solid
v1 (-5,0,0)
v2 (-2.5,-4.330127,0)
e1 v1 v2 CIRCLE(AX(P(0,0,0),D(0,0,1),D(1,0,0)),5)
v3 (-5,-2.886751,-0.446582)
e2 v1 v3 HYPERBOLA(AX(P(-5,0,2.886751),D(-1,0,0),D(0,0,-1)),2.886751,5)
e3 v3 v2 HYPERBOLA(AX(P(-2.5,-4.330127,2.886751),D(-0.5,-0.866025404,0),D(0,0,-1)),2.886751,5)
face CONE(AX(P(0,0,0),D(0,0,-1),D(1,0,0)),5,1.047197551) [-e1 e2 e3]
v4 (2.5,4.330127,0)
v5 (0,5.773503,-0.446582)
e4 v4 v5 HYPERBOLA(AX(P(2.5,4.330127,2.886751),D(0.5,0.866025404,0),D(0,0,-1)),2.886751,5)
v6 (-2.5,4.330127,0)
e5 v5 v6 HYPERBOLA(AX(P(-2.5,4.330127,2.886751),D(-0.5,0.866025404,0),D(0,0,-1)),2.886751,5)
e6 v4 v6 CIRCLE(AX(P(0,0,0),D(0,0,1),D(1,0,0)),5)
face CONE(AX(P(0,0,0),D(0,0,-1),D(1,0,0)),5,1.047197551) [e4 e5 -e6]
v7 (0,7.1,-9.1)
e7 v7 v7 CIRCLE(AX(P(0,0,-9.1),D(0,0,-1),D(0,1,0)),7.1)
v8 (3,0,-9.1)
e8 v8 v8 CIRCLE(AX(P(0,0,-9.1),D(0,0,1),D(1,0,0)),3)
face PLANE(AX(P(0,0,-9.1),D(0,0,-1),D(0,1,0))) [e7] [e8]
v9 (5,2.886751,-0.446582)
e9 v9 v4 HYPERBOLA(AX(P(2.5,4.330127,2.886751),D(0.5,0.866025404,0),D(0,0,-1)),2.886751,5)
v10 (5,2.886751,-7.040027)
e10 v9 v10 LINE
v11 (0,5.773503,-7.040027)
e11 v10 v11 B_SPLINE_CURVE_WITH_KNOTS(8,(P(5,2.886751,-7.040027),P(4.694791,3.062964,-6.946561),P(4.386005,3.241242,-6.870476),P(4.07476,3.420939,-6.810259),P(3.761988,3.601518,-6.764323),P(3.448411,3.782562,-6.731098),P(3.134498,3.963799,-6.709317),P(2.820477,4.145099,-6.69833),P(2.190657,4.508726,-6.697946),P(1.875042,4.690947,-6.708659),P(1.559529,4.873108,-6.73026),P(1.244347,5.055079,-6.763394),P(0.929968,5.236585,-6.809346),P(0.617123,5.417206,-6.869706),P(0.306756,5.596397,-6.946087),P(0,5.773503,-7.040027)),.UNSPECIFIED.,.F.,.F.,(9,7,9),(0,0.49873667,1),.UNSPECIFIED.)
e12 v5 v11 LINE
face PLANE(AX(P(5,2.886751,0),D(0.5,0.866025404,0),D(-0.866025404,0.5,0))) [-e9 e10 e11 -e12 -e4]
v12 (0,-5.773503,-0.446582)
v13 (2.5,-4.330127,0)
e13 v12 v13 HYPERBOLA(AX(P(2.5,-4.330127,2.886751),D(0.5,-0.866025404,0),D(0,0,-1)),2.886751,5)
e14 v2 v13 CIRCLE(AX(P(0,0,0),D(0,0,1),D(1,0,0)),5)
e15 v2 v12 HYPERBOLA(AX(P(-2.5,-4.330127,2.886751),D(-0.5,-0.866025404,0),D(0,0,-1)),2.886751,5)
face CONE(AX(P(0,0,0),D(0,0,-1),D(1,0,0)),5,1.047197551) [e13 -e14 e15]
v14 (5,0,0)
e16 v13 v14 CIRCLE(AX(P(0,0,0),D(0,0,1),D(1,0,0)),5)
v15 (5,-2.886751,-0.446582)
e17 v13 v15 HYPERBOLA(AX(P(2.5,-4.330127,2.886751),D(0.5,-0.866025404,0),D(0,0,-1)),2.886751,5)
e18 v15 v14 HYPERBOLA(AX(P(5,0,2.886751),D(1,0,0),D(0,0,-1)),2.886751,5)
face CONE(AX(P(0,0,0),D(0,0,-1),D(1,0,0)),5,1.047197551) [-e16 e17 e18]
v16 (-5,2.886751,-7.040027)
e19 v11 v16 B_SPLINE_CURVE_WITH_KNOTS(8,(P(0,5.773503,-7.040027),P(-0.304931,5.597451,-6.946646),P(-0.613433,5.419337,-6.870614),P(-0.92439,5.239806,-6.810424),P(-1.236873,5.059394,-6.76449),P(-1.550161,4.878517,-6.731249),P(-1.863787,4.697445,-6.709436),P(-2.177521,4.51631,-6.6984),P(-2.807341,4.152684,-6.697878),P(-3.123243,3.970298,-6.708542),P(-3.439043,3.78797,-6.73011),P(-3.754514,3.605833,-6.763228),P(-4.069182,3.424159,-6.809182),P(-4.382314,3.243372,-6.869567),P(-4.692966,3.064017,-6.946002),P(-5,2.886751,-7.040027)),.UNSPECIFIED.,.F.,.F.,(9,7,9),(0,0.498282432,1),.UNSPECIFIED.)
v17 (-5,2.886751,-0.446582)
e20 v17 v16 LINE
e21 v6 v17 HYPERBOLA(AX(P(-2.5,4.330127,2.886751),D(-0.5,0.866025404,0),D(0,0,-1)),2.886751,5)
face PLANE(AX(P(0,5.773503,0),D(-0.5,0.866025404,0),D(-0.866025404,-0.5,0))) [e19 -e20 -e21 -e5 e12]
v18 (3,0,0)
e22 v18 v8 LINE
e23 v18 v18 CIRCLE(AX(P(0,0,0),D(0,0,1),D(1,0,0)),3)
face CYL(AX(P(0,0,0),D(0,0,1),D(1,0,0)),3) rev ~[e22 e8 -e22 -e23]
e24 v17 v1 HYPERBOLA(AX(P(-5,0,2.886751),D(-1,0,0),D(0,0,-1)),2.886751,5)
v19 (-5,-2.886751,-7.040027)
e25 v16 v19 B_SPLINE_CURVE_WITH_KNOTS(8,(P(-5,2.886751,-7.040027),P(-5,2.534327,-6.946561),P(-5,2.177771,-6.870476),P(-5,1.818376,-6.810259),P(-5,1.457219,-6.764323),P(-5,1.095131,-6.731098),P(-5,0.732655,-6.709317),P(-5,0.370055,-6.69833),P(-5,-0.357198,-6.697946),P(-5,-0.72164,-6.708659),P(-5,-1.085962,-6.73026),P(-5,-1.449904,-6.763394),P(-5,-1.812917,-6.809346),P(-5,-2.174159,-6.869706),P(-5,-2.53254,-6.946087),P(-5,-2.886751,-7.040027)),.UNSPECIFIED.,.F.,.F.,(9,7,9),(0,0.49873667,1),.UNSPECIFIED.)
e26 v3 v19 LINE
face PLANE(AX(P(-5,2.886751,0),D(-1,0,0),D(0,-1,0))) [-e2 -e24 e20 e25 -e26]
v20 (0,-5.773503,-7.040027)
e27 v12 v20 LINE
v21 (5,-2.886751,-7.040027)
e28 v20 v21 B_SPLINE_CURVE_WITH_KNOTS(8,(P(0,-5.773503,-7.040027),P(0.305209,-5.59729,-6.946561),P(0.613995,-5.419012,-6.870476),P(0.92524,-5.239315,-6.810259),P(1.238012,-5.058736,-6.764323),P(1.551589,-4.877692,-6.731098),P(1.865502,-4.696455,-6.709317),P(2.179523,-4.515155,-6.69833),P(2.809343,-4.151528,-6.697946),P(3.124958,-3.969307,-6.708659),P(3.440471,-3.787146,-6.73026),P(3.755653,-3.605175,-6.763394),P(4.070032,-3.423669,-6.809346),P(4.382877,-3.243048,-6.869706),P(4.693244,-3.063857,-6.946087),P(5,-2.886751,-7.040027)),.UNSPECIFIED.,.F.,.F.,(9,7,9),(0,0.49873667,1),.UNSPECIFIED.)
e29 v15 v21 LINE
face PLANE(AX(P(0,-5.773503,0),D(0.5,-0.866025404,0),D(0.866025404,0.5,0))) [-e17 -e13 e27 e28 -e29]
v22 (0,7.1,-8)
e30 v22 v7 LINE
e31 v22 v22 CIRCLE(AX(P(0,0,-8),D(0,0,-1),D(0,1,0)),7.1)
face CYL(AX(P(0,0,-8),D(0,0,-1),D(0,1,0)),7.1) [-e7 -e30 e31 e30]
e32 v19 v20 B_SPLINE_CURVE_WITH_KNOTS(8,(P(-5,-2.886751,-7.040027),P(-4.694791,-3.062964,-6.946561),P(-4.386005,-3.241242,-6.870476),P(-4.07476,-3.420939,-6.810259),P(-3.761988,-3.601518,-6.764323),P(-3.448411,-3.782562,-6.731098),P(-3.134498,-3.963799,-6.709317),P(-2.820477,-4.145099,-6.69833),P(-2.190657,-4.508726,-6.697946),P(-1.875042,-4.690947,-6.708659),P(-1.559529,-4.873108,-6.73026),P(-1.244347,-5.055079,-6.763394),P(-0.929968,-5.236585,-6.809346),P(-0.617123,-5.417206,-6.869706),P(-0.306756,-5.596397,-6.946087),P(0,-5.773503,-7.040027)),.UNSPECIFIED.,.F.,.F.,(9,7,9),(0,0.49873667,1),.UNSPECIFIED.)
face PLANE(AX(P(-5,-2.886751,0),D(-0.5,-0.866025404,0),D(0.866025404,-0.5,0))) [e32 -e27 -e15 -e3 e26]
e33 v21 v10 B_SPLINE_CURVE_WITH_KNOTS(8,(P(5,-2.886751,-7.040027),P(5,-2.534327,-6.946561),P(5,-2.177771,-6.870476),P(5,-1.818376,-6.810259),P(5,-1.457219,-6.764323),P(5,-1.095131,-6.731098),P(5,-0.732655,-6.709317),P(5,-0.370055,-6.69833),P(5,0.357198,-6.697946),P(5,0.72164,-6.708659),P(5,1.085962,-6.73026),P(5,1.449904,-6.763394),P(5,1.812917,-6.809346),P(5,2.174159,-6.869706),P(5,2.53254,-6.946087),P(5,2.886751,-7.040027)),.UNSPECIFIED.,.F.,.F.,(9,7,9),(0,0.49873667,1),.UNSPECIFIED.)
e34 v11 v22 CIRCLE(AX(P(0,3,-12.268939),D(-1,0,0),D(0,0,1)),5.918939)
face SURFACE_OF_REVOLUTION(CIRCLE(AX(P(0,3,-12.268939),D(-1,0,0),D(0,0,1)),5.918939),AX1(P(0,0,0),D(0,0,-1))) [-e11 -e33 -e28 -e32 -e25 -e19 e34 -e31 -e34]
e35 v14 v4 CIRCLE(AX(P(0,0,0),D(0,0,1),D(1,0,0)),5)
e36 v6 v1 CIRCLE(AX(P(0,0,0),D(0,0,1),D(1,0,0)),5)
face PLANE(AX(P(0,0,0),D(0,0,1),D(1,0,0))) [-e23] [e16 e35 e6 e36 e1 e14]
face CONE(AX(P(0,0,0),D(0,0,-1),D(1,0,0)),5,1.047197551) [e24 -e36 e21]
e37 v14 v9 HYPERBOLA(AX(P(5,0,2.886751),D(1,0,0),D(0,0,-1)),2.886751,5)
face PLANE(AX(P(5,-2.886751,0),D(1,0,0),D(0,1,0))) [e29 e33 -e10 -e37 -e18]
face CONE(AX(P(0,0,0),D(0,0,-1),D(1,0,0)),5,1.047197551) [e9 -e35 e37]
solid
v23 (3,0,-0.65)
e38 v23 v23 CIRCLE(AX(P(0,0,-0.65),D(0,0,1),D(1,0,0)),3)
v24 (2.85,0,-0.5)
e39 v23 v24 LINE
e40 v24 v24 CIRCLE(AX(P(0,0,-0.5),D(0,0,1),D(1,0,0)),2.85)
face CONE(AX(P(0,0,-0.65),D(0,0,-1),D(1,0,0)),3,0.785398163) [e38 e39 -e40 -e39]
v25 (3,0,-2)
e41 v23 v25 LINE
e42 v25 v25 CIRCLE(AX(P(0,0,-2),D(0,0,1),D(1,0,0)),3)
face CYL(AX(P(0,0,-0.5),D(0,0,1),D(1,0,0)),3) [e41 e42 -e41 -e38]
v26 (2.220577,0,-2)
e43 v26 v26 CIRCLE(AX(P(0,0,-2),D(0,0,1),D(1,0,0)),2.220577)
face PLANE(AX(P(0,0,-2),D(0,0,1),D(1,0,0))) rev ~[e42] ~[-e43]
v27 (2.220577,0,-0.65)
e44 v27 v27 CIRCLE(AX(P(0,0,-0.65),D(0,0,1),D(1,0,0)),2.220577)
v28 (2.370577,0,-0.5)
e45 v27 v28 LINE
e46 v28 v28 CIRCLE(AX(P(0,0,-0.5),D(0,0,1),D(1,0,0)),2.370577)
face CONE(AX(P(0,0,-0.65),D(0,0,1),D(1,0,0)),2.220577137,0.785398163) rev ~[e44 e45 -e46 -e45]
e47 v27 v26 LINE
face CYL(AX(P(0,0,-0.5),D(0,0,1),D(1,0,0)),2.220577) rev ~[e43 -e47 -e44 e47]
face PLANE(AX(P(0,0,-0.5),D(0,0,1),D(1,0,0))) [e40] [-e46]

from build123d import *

# Parameters (mm, degrees)
SKETCH1_R           = 3
EXTRUDE1_DEPTH      = 9.1
SKETCH2_OUTSIDE_W   = 60.176
SKETCH2_OUTSIDE_H   = 61.724
SKETCH2_OUTSIDE_R   = 5
CUT_EXTRUDE1_DEPTH  = 12.880375976
CUT_EXTRUDE1_DRAFT  = -60
BOSS_EXTRUDE1_START = -0.5
SKETCH10_R          = 3
SKETCH10_R_2        = 2.220577137
BOSS_EXTRUDE1_DEPTH = 1.5
CHAMFER1_SIZE       = 0.15


with BuildPart() as part:
    # Sketch1 → Extrude1 (new body)
    with BuildSketch(Plane.XY):
        Polygon((0, 5.773502692), (-5, 2.886751346), (-5, -2.886751346), (0, -5.773502692), (5, -2.886751346), (5, 2.886751346), align=None)
        Circle(SKETCH1_R, mode=Mode.SUBTRACT)
    extrude(amount=-EXTRUDE1_DEPTH)


with BuildPart() as cut_extrude1_tool:
    # Sketch2 outside → Cut-Extrude1 (with draft: the straight prism first)
    with BuildSketch(Plane.XY):
        Rectangle(SKETCH2_OUTSIDE_W, SKETCH2_OUTSIDE_H)
        Circle(SKETCH2_OUTSIDE_R, mode=Mode.SUBTRACT)
    extrude(amount=-CUT_EXTRUDE1_DEPTH)
    # Cut-Extrude1: the draft: its side faces are tilted about the plane it starts from
    cut_extrude1_sides = [cut_extrude1_tool.faces().sort_by_distance(p)[0] for p in [
        (0, -30.862, -6.440187988),
        (30.088, 0, -6.440187988),
        (0, 30.862, -6.440187988),
        (-30.088, 0, -6.440187988),
        (-5, 0, -6.440187988),
    ]]
    draft(cut_extrude1_sides, Plane.XY, CUT_EXTRUDE1_DRAFT)


with BuildPart() as part_1:
    add(part.part)

    # Cut-Extrude1: cut by cut_extrude1_tool
    add(cut_extrude1_tool.part, mode=Mode.SUBTRACT)

    # Sketch3 → Revolve1 (revolve)
    with BuildSketch(Plane(origin=(0, 0, 0), x_dir=(0, 0, -1), z_dir=(1, 0, 0))):
        with BuildLine():
            Line((9.1, 7.1), (9.1, 3))
            Line((9.1, 3), (6.35, 3))
            ThreePointArc((6.35, 3), (6.777972398, 5.209779401), (8, 7.1))
            Line((8, 7.1), (9.1, 7.1))
        make_face()
    revolve(axis=Axis((0, 0, 0), (0, 0, -1)))


with BuildPart() as body_2:
    # Sketch10 → Boss-Extrude1 (new body)
    with BuildSketch(Plane.XY.offset(BOSS_EXTRUDE1_START)):
        Circle(SKETCH10_R)
        Circle(SKETCH10_R_2, mode=Mode.SUBTRACT)
    extrude(amount=-BOSS_EXTRUDE1_DEPTH)

    # Chamfer1
    chamfer1_edges = [body_2.edges().sort_by_distance(p)[0] for p in [
        (-3, 0, -0.5),
        (-2.220577137, 0, -0.5),
    ]]
    chamfer(chamfer1_edges, length=CHAMFER1_SIZE)


solid = Compound([part_1.part, body_2.part])
